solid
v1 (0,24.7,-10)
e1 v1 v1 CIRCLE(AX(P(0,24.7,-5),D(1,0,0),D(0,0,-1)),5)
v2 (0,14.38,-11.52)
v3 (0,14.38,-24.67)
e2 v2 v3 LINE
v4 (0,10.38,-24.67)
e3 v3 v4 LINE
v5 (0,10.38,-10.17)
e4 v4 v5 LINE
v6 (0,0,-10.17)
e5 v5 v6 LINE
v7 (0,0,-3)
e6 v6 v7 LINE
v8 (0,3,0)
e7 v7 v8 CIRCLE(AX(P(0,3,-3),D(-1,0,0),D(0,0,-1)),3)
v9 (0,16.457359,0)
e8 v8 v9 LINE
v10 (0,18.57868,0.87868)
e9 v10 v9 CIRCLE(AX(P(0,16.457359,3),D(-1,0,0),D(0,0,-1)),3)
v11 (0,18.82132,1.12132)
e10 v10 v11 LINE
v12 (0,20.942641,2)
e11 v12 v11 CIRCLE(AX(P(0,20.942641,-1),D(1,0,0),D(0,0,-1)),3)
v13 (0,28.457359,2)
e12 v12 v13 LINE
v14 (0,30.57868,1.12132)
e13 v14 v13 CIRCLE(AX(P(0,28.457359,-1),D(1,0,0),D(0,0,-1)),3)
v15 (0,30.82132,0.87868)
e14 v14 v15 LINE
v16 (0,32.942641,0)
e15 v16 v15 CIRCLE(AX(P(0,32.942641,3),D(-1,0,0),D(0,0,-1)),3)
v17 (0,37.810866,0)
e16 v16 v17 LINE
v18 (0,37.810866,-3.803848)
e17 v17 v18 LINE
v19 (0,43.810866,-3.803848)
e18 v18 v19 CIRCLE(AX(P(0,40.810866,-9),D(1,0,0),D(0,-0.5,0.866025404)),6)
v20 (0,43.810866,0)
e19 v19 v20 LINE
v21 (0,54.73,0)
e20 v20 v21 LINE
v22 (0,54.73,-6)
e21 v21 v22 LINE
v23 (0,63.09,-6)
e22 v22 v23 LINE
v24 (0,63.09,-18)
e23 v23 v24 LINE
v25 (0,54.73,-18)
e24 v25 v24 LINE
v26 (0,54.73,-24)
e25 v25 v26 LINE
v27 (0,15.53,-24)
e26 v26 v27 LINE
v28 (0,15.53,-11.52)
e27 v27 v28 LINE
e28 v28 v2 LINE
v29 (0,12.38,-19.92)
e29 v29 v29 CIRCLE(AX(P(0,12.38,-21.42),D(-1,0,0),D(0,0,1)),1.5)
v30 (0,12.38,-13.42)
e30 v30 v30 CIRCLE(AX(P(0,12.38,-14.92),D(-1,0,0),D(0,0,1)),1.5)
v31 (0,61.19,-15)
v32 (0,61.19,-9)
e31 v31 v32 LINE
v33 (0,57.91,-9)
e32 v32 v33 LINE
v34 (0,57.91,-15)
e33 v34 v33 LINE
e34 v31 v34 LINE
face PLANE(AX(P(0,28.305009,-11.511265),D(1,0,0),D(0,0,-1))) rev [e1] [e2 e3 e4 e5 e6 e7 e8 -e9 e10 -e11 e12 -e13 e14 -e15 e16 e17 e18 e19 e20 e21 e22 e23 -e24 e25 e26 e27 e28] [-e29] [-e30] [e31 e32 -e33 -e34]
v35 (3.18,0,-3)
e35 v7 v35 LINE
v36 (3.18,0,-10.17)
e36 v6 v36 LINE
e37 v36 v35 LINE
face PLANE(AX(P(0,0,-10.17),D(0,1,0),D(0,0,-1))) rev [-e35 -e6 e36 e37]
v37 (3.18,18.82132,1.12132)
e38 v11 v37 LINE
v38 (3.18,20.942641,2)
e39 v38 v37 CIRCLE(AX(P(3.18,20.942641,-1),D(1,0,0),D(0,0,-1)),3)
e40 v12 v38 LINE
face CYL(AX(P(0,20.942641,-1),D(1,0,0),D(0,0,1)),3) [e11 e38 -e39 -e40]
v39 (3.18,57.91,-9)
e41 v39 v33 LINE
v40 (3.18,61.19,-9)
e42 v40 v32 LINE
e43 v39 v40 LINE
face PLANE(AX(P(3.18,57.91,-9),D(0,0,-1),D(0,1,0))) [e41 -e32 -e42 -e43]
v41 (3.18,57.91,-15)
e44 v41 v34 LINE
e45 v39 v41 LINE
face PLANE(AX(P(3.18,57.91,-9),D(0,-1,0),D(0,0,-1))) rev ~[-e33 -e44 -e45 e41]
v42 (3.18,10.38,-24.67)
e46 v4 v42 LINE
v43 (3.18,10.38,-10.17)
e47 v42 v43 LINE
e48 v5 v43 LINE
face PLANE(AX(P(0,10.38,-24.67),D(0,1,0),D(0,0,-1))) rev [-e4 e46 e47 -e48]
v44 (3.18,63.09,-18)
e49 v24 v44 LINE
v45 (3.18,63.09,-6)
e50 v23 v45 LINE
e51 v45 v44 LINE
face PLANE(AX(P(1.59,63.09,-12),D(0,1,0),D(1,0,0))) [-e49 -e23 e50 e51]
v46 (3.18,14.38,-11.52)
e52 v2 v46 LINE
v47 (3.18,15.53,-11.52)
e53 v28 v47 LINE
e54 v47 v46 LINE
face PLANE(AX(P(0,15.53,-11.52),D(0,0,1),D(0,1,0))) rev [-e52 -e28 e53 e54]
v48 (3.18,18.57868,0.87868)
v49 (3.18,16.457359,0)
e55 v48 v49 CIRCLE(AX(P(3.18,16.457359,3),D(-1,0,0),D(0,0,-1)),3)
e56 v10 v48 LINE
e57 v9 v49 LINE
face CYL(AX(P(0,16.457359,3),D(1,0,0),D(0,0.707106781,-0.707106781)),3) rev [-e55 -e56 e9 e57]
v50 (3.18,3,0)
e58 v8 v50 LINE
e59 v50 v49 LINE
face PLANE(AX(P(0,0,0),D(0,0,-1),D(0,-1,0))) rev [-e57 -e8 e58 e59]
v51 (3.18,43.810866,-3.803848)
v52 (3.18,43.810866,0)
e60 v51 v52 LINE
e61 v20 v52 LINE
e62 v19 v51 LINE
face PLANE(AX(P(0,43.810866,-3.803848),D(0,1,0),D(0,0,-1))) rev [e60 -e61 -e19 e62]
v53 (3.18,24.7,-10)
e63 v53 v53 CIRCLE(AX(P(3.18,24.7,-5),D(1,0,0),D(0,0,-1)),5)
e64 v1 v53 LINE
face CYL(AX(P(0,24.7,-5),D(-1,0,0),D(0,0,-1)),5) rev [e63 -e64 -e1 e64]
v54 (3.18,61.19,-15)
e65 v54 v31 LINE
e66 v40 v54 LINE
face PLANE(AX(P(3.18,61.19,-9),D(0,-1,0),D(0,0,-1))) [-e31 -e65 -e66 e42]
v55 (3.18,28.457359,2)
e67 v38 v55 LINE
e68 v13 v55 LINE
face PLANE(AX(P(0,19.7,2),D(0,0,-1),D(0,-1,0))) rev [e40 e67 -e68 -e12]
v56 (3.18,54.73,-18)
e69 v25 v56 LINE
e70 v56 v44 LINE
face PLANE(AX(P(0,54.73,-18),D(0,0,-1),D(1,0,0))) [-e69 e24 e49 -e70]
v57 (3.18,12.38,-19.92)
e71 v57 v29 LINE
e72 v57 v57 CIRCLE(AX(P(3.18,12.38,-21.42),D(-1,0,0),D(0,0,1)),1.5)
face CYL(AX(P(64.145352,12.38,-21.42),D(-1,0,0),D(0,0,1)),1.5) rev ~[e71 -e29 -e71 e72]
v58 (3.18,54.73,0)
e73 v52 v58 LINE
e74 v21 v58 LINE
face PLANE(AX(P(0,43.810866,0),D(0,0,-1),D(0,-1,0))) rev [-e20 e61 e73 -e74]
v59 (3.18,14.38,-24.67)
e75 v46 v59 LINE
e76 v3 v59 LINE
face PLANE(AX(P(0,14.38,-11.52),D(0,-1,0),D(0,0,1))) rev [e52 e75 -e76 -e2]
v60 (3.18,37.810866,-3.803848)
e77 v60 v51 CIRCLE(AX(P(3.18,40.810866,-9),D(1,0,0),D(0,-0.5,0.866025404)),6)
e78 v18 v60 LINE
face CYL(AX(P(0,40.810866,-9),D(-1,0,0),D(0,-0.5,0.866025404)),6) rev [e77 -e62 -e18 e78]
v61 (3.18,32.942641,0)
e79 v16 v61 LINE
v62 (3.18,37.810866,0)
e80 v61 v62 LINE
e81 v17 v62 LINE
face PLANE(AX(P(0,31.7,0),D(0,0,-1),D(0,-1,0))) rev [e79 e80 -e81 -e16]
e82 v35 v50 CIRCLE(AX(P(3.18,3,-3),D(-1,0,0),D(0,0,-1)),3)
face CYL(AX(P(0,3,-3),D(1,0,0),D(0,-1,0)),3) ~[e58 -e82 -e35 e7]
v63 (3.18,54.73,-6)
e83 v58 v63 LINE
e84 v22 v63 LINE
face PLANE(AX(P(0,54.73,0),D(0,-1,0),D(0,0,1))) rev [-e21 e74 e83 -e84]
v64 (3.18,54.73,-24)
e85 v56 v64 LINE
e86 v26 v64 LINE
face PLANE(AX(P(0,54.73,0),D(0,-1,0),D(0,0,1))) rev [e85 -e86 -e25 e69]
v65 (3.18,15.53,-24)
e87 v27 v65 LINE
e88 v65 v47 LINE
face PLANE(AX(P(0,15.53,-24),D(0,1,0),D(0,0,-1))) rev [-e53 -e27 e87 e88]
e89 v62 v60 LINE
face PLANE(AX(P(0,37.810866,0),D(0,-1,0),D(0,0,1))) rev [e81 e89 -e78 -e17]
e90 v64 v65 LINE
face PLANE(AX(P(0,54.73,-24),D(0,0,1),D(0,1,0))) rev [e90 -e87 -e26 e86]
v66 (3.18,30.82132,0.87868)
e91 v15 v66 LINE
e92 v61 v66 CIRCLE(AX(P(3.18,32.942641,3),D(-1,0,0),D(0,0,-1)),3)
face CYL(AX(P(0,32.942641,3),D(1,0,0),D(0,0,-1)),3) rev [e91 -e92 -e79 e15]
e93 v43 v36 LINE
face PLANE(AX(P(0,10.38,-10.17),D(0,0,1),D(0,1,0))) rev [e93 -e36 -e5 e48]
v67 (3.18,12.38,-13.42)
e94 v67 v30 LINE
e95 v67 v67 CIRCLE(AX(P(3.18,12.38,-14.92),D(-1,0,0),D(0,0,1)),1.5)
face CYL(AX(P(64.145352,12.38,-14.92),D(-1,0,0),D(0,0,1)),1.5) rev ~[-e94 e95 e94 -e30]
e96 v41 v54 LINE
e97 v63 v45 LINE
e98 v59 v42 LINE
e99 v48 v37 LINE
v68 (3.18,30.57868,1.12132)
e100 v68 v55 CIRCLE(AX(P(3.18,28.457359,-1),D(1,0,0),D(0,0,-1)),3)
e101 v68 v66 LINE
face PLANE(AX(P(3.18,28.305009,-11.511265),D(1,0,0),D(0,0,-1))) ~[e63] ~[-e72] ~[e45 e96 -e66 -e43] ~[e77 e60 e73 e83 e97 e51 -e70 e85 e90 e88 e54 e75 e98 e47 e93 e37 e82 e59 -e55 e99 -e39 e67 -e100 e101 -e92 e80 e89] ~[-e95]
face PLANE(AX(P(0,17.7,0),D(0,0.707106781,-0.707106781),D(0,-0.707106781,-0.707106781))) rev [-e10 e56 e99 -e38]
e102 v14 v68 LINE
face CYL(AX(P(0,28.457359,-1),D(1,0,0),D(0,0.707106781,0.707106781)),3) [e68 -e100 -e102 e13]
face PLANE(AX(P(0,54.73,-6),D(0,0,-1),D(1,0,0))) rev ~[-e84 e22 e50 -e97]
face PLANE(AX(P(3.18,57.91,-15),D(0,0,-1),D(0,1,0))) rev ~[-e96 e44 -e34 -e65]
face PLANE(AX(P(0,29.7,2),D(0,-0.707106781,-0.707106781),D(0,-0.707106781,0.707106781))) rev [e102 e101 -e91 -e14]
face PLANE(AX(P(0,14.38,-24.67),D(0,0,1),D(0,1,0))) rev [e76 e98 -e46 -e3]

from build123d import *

# Parameters (mm, degrees)
BOSS_EXTRUDE1_DEPTH     = 3.18
SKETCH2_4_OUTSIDE_W     = 40.864
SKETCH2_4_OUTSIDE_H     = 68.924
SKETCH2_4_OUTSIDE_R     = 5
CUT_EXTRUDE2_DEPTH      = 3.18
FILLET6_R               = 3
M3_5X0_6_TAPPED_HOLE1_D = 3
SKETCH9_W               = 3.18
SKETCH9_H               = 12
BOSS_EXTRUDE2_DEPTH     = 8.36
SKETCH10_W              = 6
SKETCH10_H              = 3.28
CUT_EXTRUDE3_DEPTH      = 68.81643901


with BuildPart() as part:
    # Sketch2 → Boss-Extrude1 (new body)
    with BuildSketch(Plane(origin=(0, 0, 0), x_dir=(0, 0, -1), z_dir=(1, 0, 0))):
        with BuildLine():
            Line((0, 54.73), (24, 54.73))
            Line((24, 54.73), (24, 15.53))
            Line((24, 15.53), (11.52, 15.53))
            Line((11.52, 15.53), (11.52, 14.38))
            Line((11.52, 14.38), (24.67, 14.38))
            Line((24.67, 14.38), (24.67, 10.38))
            Line((24.67, 10.38), (10.17, 10.38))
            Line((10.17, 10.38), (10.17, 0))
            Line((10.17, 0), (0, 0))
            Line((0, 0), (0, 17.7))
            Line((0, 17.7), (-2, 19.7))
            Line((-2, 19.7), (-2, 29.7))
            Line((-2, 29.7), (0, 31.7))
            Line((0, 31.7), (0, 37.810865899))
            Line((0, 37.810865899), (3.803847577, 37.810865899))
            ThreePointArc((3.803847577, 37.810865899), (15, 40.810865899), (3.803847577, 43.810865899))
            Line((3.803847577, 43.810865899), (0, 43.810865899))
            Line((0, 43.810865899), (0, 54.73))
        make_face()
    extrude(amount=-BOSS_EXTRUDE1_DEPTH)

    # Sketch2<4> outside → Cut-Extrude2 (cut)
    # profile 1 of 2: a face of its own
    with BuildSketch(Plane(origin=(0, 0, 0), x_dir=(0, 0, -1), z_dir=(1, 0, 0))):
        with Locations((11.335, 27.365)):
            Rectangle(SKETCH2_4_OUTSIDE_W, SKETCH2_4_OUTSIDE_H)
        with BuildLine():
            Line((0, 54.73), (24, 54.73))
            Line((24, 54.73), (24, 15.53))
            Line((24, 15.53), (11.52, 15.53))
            Line((11.52, 15.53), (11.52, 14.38))
            Line((11.52, 14.38), (24.67, 14.38))
            Line((24.67, 14.38), (24.67, 10.38))
            Line((24.67, 10.38), (10.17, 10.38))
            Line((10.17, 10.38), (10.17, 0))
            Line((10.17, 0), (0, 0))
            Line((0, 0), (0, 17.7))
            Line((0, 17.7), (-2, 19.7))
            Line((-2, 19.7), (-2, 29.7))
            Line((-2, 29.7), (0, 31.7))
            Line((0, 31.7), (0, 37.810865899))
            Line((0, 37.810865899), (3.803847577, 37.810865899))
            ThreePointArc((3.803847577, 37.810865899), (15, 40.810865899), (3.803847577, 43.810865899))
            Line((3.803847577, 43.810865899), (0, 43.810865899))
            Line((0, 43.810865899), (0, 54.73))
        make_face(mode=Mode.SUBTRACT)
    # profile 2 of 2: a face of its own
    with BuildSketch(Plane(origin=(0, 0, 0), x_dir=(0, 0, -1), z_dir=(1, 0, 0))):
        with Locations((5, 24.7)):
            Circle(SKETCH2_4_OUTSIDE_R)
    extrude(amount=-CUT_EXTRUDE2_DEPTH, mode=Mode.SUBTRACT)

    # Fillet6
    fillet6_edges = [part.edges().sort_by_distance(p)[0] for p in [
        (-1.59, 31.7, 0),
        (-1.59, 29.7, 2),
        (-1.59, 19.7, 2),
        (-1.59, 17.7, 0),
        (-1.59, 0, 0),
    ]]
    fillet(fillet6_edges, radius=FILLET6_R)


with BuildPart() as body_2:
    # Mirror1: mirrored copy
    add(part.part.mirror(Plane(origin=(0, 40.810865899, -9), x_dir=(0, 0, 1), z_dir=(1, 0, 0))))

    # M3.5x0.6 Tapped Hole1 (through all)
    with Locations(Plane(origin=(3.18, 0, 0), x_dir=(0, 0, -1), z_dir=(1, 0, 0))):
        with Locations((21.42, 12.38), (14.92, 12.38)):
            Hole(M3_5X0_6_TAPPED_HOLE1_D / 2)

    # Sketch9 → Boss-Extrude2 (add)
    with BuildSketch(Plane(origin=(0, 54.73, 0), x_dir=(1, 0, 0), z_dir=(0, 1, 0))):
        with Locations((1.59, 12)):
            Rectangle(SKETCH9_W, SKETCH9_H)
    extrude(amount=BOSS_EXTRUDE2_DEPTH)

    # Sketch10 → Cut-Extrude3 (cut, through all)
    with BuildSketch(Plane(origin=(3.18, 0, 0), x_dir=(0, 0, -1), z_dir=(1, 0, 0))):
        with Locations((12, 59.55)):
            Rectangle(SKETCH10_W, SKETCH10_H)
    extrude(amount=-CUT_EXTRUDE3_DEPTH, mode=Mode.SUBTRACT)


solid = body_2.part
